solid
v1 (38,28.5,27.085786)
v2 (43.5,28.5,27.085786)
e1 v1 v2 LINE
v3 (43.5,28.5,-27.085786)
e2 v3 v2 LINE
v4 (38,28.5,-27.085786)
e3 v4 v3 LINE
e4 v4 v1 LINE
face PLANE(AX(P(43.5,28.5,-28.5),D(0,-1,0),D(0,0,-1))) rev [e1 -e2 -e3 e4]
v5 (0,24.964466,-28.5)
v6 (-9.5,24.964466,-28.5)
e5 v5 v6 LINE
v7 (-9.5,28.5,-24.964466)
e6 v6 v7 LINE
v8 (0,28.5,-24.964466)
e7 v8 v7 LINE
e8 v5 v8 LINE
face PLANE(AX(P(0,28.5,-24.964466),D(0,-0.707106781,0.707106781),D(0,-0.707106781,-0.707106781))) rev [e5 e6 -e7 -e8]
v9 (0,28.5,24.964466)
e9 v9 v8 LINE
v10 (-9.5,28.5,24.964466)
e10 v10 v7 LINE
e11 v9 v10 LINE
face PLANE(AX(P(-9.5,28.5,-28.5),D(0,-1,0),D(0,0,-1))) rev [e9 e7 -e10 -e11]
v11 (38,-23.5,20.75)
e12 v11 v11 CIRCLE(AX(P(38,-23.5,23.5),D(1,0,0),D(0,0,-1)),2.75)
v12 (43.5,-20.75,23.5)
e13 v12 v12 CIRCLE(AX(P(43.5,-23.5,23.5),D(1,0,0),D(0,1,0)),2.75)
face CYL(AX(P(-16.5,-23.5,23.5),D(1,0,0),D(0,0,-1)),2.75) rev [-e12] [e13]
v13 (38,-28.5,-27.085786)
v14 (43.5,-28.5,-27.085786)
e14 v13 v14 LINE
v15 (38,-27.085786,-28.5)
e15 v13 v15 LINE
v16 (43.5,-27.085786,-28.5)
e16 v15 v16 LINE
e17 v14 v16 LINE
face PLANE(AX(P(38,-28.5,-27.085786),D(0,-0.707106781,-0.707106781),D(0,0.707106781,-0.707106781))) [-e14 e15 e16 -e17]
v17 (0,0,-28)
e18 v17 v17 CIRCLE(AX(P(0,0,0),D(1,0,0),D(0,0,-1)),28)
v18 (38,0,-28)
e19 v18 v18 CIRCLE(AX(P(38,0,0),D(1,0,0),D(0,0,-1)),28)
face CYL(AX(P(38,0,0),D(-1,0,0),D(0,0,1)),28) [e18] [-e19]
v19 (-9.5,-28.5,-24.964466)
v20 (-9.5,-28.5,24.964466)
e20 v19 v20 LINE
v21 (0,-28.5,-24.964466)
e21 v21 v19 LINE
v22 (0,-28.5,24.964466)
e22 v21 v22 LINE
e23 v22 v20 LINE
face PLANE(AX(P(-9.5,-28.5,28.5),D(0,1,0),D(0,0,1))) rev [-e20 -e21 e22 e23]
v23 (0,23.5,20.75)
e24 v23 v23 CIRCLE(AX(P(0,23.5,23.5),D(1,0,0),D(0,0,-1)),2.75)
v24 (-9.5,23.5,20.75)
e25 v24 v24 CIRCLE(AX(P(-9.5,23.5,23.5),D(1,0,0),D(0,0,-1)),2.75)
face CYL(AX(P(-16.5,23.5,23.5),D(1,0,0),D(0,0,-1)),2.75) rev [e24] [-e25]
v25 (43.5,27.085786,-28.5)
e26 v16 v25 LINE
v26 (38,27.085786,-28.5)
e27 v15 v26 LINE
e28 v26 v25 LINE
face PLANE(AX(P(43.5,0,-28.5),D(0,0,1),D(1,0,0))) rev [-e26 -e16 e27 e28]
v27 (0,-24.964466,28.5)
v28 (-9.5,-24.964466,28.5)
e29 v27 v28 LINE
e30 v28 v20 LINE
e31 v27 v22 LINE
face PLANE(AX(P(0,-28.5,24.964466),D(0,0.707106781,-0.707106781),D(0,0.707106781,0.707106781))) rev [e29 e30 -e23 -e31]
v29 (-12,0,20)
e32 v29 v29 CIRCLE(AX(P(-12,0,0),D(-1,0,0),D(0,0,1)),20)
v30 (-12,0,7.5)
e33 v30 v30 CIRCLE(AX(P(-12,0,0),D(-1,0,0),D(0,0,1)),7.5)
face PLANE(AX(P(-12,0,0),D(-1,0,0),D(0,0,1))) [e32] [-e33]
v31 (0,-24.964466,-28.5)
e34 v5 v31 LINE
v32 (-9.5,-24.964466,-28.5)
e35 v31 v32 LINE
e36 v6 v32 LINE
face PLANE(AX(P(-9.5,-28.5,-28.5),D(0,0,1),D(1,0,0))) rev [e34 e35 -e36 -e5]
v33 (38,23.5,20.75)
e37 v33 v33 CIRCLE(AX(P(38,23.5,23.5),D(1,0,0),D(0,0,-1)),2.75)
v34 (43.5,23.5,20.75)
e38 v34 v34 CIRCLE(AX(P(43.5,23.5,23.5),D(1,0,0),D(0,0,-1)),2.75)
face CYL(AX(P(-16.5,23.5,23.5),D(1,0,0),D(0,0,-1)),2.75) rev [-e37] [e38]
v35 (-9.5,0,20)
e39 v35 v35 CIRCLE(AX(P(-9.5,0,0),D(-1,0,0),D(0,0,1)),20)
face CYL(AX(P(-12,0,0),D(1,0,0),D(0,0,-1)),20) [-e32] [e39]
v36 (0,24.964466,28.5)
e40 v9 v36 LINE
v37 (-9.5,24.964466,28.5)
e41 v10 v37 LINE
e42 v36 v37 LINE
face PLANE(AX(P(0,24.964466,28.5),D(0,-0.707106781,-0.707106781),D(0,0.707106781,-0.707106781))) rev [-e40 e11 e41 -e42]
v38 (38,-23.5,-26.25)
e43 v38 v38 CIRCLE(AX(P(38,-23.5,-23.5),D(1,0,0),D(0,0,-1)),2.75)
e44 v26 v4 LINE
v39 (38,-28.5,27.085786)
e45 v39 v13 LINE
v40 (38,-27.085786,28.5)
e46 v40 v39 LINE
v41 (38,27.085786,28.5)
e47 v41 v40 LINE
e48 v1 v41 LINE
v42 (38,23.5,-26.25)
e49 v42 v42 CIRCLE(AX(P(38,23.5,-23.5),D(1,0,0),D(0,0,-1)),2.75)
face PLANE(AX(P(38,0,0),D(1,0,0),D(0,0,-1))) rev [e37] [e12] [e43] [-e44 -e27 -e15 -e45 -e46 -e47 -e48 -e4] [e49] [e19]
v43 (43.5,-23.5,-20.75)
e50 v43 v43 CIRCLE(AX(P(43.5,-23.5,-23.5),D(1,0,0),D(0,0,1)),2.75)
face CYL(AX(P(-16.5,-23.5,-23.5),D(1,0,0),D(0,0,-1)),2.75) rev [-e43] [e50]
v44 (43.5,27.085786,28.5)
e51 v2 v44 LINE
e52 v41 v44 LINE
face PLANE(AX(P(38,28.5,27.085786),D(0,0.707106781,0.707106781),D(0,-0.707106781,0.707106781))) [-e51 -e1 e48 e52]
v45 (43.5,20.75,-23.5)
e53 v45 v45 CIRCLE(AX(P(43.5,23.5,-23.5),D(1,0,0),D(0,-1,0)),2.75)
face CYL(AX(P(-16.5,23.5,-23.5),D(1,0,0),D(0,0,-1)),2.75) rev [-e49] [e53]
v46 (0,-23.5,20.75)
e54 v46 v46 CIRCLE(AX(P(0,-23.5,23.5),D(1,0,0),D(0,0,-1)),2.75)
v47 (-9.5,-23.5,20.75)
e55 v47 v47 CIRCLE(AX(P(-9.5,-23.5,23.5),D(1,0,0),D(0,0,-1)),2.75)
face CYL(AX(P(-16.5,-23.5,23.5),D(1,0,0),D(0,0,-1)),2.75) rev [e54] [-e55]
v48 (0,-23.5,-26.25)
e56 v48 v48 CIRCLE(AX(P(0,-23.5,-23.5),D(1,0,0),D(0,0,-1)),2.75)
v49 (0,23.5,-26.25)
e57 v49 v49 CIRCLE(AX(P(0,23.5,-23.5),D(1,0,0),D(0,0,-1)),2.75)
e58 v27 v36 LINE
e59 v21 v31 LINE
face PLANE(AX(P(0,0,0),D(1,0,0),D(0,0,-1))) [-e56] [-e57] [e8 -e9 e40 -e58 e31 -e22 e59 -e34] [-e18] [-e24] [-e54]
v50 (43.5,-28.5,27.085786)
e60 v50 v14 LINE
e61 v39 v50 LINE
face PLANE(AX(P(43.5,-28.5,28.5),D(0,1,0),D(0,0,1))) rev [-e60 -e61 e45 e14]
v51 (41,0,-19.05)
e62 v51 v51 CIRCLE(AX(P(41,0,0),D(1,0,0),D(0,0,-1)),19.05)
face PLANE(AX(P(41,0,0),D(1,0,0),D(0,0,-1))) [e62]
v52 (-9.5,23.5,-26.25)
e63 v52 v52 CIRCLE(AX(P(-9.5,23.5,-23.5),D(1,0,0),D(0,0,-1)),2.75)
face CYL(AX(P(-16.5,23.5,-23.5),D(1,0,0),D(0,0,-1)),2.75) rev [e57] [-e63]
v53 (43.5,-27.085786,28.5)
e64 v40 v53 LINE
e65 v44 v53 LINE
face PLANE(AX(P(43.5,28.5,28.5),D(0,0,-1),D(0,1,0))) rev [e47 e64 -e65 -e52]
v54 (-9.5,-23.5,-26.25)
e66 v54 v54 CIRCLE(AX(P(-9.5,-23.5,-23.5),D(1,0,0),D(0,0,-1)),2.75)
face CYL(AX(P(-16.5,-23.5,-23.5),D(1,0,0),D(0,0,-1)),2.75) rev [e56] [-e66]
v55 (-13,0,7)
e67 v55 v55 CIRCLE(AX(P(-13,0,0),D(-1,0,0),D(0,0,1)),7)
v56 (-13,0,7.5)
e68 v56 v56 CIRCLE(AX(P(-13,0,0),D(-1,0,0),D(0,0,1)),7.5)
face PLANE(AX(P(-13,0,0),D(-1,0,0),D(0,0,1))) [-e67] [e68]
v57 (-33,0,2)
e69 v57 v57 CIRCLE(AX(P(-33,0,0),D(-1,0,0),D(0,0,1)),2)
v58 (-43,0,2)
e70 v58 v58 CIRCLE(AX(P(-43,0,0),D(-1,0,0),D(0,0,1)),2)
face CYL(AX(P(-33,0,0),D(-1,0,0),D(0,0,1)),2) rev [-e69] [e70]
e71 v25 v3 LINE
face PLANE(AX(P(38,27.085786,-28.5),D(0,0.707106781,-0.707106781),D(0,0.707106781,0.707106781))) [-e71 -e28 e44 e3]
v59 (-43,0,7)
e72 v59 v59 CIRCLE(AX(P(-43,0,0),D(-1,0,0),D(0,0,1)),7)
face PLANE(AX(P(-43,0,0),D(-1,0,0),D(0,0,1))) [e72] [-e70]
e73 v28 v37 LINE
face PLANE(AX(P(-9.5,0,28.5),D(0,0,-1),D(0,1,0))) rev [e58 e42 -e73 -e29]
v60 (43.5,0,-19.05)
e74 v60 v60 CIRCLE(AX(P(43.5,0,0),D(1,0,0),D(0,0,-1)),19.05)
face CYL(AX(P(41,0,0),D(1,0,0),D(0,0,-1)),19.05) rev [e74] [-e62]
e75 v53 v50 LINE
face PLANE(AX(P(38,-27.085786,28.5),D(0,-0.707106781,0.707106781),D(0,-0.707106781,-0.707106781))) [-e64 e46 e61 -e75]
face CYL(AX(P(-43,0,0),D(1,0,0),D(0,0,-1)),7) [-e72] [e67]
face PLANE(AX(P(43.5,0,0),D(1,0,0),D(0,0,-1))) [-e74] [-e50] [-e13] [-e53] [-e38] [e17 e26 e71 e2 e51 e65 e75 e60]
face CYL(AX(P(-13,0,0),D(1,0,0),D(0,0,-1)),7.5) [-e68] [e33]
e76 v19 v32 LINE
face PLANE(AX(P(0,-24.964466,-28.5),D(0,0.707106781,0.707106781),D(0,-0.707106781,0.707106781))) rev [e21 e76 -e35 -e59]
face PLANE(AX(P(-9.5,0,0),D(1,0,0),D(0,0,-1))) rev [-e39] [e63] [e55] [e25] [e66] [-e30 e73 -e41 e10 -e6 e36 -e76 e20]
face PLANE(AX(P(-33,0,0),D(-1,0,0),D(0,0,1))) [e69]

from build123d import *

# Parameters (mm, degrees)
SKETCH1_R           = 28
BOSS_EXTRUDE1_DEPTH = 38
BOSS_EXTRUDE2_DEPTH = 5.5
SKETCH4_R           = 19.05
CUT_EXTRUDE1_DEPTH  = 2.5
CUT_EXTRUDE2_DEPTH  = 5.5
CIRPATTERN1_COUNT   = 4
BOSS_EXTRUDE3_DEPTH = 9.5
CUT_EXTRUDE3_DEPTH  = 9.5
CIRPATTERN2_COUNT   = 4
SKETCH8_R           = 20
BOSS_EXTRUDE4_DEPTH = 2.5
SKETCH9_R           = 7.5
BOSS_EXTRUDE5_DEPTH = 1
SKETCH10_R          = 7
BOSS_EXTRUDE6_DEPTH = 30
SKETCH11_R          = 2
CUT_EXTRUDE4_DEPTH  = 10
CUT_EXTRUDE5_DEPTH  = 60
CIRPATTERN3_COUNT   = 4


with BuildPart() as part:
    # Sketch1 → Boss-Extrude1 (new body)
    with BuildSketch(Plane(origin=(0, 0, 0), x_dir=(0, 0, -1), z_dir=(1, 0, 0))):
        Circle(SKETCH1_R)
    extrude(amount=BOSS_EXTRUDE1_DEPTH)

    # Sketch2 → Boss-Extrude2 (add)
    with BuildSketch(Plane(origin=(38, 0, 0), x_dir=(0, 0, -1), z_dir=(1, 0, 0))):
        Polygon((28.5, 0), (28.5, 28.5), (-28.5, 28.5), (-28.5, -28.5), (28.5, -28.5), align=None)
    extrude(amount=BOSS_EXTRUDE2_DEPTH)

    # Sketch4 → Cut-Extrude1 (cut)
    with BuildSketch(Plane(origin=(43.5, 0, 0), x_dir=(0, 0, -1), z_dir=(1, 0, 0))):
        Circle(SKETCH4_R)
    extrude(amount=-CUT_EXTRUDE1_DEPTH, mode=Mode.SUBTRACT)

    # Sketch5 → Cut-Extrude2 (cut)
    with BuildSketch(Plane(origin=(43.5, 0, 0), x_dir=(0, 0, -1), z_dir=(1, 0, 0))):
        Polygon((-27.085786438, 28.5), (-28.5, 27.085786438), (-28.5, 28.5), align=None)
    cut_extrude2 = extrude(amount=-CUT_EXTRUDE2_DEPTH, mode=Mode.SUBTRACT)

    # CirPattern1: Cut-Extrude2 ×4 about axis
    cirpattern1_axis = Axis((0, 0, 0), (1, 0, 0))
    for i in range(1, CIRPATTERN1_COUNT):
        add(cut_extrude2.rotate(cirpattern1_axis, i * 360 / CIRPATTERN1_COUNT), mode=Mode.SUBTRACT)

    # Sketch6 → Boss-Extrude3 (add)
    with BuildSketch(Plane.ZY):
        Polygon((28.5, 0), (28.5, -28.5), (-28.5, -28.5), (-28.5, 28.5), (28.5, 28.5), align=None)
    extrude(amount=BOSS_EXTRUDE3_DEPTH)

    # Sketch7 → Cut-Extrude3 (cut)
    with BuildSketch(Plane.ZY.offset(9.5)):
        Polygon((-24.964466094, 28.5), (-28.5, 24.964466094), (-28.5, 28.5), align=None)
    cut_extrude3 = extrude(amount=-CUT_EXTRUDE3_DEPTH, mode=Mode.SUBTRACT)

    # CirPattern2: Cut-Extrude3 ×4 about axis
    cirpattern2_axis = Axis((0, 0, 0), (1, 0, 0))
    for i in range(1, CIRPATTERN2_COUNT):
        add(cut_extrude3.rotate(cirpattern2_axis, i * 360 / CIRPATTERN2_COUNT), mode=Mode.SUBTRACT)

    # Sketch8 → Boss-Extrude4 (add)
    with BuildSketch(Plane.ZY.offset(9.5)):
        Circle(SKETCH8_R)
    extrude(amount=BOSS_EXTRUDE4_DEPTH)

    # Sketch9 → Boss-Extrude5 (add)
    with BuildSketch(Plane.ZY.offset(12)):
        Circle(SKETCH9_R)
    extrude(amount=BOSS_EXTRUDE5_DEPTH)

    # Sketch10 → Boss-Extrude6 (add)
    with BuildSketch(Plane.ZY.offset(13)):
        Circle(SKETCH10_R)
    extrude(amount=BOSS_EXTRUDE6_DEPTH)

    # Sketch11 → Cut-Extrude4 (cut)
    with BuildSketch(Plane.ZY.offset(43)):
        Circle(SKETCH11_R)
    extrude(amount=-CUT_EXTRUDE4_DEPTH, mode=Mode.SUBTRACT)

    # Sketch12 → Cut-Extrude5 (cut)
    with BuildSketch(Plane(origin=(43.5, 0, 0), x_dir=(0, 0, -1), z_dir=(1, 0, 0))):
        with BuildLine():
            ThreePointArc((-23.5, 20.75), (-21.555456352, 21.555456352), (-20.75, 23.5))
            Line((-20.75, 23.5), (-23.5, 23.5))
            Line((-23.5, 23.5), (-23.5, 20.75))
        make_face()
        with BuildLine():
            Line((-23.5, 23.5), (-20.75, 23.5))
            ThreePointArc((-20.75, 23.5), (-25.444543648, 25.444543648), (-23.5, 20.75))
            Line((-23.5, 20.75), (-23.5, 23.5))
        make_face()
    cut_extrude5 = extrude(amount=-CUT_EXTRUDE5_DEPTH, mode=Mode.SUBTRACT)

    # CirPattern3: Cut-Extrude5 ×4 about axis
    cirpattern3_axis = Axis((0, 0, 0), (1, 0, 0))
    for i in range(1, CIRPATTERN3_COUNT):
        add(cut_extrude5.rotate(cirpattern3_axis, i * 360 / CIRPATTERN3_COUNT), mode=Mode.SUBTRACT)


solid = part.part
